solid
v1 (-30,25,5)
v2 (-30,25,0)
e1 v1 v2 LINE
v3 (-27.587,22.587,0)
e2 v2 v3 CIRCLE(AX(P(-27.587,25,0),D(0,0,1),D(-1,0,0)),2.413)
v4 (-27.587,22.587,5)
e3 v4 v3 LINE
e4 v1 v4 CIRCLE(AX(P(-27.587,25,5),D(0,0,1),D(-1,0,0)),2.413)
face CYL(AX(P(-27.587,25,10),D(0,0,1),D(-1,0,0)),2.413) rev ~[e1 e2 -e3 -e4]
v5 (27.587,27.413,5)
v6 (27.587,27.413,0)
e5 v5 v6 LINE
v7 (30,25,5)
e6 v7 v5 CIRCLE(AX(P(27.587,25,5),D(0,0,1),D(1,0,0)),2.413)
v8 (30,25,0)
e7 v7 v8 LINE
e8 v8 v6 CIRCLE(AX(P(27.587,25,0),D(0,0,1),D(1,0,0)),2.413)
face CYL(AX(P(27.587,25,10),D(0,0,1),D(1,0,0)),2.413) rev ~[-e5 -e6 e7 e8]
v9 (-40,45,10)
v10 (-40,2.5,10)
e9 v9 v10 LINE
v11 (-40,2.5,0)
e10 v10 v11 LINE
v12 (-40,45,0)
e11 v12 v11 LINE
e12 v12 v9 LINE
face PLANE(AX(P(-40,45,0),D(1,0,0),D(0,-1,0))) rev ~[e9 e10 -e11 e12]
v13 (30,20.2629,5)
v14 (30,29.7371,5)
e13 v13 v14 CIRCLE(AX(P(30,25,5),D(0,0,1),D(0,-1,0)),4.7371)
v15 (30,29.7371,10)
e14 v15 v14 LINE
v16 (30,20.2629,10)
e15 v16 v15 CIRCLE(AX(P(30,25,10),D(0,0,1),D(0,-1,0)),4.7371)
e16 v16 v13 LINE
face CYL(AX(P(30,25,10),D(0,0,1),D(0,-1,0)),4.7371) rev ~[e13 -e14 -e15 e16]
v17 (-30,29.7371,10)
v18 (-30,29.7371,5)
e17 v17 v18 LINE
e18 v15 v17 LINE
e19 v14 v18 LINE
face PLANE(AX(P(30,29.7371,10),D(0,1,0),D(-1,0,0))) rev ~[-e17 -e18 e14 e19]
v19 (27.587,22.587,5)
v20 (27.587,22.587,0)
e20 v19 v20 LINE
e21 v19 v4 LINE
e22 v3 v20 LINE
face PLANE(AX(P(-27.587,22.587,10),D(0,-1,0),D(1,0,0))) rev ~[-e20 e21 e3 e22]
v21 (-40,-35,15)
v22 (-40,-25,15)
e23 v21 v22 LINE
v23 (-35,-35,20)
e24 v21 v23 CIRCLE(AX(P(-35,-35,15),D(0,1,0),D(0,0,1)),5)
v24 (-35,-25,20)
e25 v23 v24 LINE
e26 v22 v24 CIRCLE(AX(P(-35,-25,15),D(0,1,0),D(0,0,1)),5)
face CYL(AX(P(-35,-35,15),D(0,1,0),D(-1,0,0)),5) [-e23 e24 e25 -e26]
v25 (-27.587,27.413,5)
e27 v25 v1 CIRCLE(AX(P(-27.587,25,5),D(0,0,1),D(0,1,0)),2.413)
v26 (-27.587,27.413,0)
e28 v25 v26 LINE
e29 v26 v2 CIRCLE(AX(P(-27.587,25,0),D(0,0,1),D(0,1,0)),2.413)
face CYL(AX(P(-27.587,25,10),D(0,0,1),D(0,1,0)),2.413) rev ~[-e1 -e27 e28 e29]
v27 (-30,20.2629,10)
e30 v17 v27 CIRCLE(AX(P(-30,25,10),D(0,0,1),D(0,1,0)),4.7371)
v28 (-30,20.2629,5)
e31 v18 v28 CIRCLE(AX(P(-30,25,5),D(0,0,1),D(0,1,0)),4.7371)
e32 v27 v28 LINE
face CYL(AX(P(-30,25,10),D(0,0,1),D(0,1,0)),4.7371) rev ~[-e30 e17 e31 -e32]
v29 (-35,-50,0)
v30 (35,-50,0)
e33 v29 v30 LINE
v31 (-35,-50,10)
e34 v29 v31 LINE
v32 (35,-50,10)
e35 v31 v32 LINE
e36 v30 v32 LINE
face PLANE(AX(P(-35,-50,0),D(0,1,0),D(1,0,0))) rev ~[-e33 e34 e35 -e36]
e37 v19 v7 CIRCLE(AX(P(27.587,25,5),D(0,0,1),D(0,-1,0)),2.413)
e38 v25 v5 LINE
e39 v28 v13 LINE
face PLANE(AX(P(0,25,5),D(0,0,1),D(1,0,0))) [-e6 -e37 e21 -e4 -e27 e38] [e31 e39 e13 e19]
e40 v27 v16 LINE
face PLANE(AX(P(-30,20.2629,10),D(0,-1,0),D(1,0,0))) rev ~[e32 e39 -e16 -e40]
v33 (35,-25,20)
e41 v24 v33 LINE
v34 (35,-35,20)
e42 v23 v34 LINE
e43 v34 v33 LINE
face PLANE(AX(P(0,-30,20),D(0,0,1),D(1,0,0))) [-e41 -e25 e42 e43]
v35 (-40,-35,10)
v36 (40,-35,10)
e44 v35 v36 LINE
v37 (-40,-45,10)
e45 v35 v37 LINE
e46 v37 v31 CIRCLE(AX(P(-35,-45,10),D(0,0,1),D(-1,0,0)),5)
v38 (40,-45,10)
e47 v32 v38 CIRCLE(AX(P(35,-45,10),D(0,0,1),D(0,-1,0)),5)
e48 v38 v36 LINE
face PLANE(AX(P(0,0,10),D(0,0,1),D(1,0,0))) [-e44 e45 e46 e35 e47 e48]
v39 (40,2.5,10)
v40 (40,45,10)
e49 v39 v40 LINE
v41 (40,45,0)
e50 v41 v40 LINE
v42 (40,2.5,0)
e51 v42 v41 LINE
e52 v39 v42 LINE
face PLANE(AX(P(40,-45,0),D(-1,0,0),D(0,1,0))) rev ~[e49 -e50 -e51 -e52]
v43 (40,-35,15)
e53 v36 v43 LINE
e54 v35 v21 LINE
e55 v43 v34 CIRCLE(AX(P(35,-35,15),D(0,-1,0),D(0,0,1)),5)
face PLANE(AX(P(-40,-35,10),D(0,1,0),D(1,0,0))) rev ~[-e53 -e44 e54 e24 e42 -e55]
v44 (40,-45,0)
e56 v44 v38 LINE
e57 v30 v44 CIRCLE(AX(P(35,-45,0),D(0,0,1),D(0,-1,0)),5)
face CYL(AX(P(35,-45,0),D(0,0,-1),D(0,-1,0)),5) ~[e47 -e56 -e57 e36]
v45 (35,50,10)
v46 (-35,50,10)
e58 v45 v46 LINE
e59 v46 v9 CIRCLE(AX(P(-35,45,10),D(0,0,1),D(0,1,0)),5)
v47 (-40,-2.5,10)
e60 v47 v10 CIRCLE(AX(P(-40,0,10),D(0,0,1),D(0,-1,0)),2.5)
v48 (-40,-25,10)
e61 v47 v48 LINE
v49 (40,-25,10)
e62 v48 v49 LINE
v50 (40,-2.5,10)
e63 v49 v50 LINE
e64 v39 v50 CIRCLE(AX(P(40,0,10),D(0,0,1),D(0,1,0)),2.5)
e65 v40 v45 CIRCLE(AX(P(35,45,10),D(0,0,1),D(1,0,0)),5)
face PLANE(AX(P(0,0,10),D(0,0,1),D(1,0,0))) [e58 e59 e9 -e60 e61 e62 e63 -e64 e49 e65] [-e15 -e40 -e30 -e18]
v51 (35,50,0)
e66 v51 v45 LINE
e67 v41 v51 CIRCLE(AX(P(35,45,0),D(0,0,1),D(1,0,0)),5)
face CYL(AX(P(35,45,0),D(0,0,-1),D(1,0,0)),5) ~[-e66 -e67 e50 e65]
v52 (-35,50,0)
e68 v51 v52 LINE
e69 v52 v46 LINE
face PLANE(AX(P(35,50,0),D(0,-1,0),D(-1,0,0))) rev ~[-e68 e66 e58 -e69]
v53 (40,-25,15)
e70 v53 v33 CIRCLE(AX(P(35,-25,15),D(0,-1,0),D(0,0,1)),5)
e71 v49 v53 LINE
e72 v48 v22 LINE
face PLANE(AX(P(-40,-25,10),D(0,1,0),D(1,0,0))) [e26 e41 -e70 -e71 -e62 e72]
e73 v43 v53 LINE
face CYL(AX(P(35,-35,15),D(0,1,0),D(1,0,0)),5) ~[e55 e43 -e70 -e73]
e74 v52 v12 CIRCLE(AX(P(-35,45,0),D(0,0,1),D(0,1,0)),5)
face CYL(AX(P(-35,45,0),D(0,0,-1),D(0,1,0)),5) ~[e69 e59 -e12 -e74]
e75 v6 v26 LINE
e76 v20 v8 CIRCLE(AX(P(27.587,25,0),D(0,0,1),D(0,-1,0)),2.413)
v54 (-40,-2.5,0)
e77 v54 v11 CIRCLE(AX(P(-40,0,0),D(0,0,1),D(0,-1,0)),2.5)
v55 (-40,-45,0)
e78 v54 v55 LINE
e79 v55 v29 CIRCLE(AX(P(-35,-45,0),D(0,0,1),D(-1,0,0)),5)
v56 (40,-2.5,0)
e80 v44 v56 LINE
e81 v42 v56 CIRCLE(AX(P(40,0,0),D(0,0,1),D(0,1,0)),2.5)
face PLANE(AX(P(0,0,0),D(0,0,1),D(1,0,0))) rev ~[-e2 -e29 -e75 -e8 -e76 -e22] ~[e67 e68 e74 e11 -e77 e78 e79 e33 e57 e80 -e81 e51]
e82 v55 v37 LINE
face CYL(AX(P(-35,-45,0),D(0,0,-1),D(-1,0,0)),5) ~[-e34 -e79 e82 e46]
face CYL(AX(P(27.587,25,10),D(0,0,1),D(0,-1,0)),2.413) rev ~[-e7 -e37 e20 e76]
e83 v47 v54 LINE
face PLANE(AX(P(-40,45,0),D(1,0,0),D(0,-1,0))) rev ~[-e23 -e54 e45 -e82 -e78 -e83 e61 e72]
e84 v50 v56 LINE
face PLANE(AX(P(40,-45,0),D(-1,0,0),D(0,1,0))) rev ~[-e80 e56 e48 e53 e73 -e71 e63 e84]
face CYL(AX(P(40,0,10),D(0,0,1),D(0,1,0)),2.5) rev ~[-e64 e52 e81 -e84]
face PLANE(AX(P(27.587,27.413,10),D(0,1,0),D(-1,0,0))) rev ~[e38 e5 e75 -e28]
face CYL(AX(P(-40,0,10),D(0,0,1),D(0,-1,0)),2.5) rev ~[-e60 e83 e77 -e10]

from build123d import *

# Parameters (mm, degrees)
F3_DEPTH  = 10
F4_W      = 80
F4_H      = 10
F5_DEPTH  = 10
F6_R      = 5
F8_DEPTH  = 10
F10_DEPTH = 5
F12_DEPTH = 10


with BuildPart() as f3:
    # F2 (on Top) → F3 (new body)
    with BuildSketch(Plane.XY):
        with BuildLine():
            Line((35, 50), (-35, 50))
            ThreePointArc((-35, 50), (-38.5355339059, 48.5355339059), (-40, 45))
            Line((-40, 45), (-40, -45))
            ThreePointArc((-40, -45), (-38.5355339059, -48.5355339059), (-35, -50))
            Line((-35, -50), (35, -50))
            ThreePointArc((35, -50), (38.5355339059, -48.5355339059), (40, -45))
            Line((40, -45), (40, 45))
            ThreePointArc((40, 45), (38.5355339059, 48.5355339059), (35, 50))
        make_face()
    extrude(amount=F3_DEPTH)

    # F4 (on face) → F5 (join)
    with BuildSketch(Plane.XY.offset(10)):
        with Locations((0, -30)):
            Rectangle(F4_W, F4_H)
    extrude(amount=F5_DEPTH)

    # F6
    f6_edges = [f3.edges().sort_by_distance(p)[0] for p in [
        (40, -30, 20),
        (-40, -30, 20),
    ]]
    fillet(f6_edges, radius=F6_R)

    # F7 (on face) → F8 (cut, through all)
    with BuildSketch(Plane.XY.offset(10)):
        with BuildLine():
            Line((27.587, 27.413), (-27.587, 27.413))
            ThreePointArc((-27.587, 27.413), (-29.293248663, 26.706248663), (-30, 25))
            ThreePointArc((-30, 25), (-29.293248663, 23.293751337), (-27.587, 22.587))
            Line((-27.587, 22.587), (27.587, 22.587))
            ThreePointArc((27.587, 22.587), (29.293248663, 23.293751337), (30, 25))
            ThreePointArc((30, 25), (29.293248663, 26.706248663), (27.587, 27.413))
        make_face()
    extrude(amount=-F8_DEPTH, mode=Mode.SUBTRACT)

    # F9 (on face) → F10 (cut)
    with BuildSketch(Plane.XY.offset(10)):
        with BuildLine():
            Line((30, 29.7371), (-30, 29.7371))
            ThreePointArc((-30, 29.7371), (-34.7371, 25), (-30, 20.2629))
            Line((-30, 20.2629), (30, 20.2629))
            ThreePointArc((30, 20.2629), (34.7371, 25), (30, 29.7371))
        make_face()
    extrude(amount=-F10_DEPTH, mode=Mode.SUBTRACT)

    # F11 (on face) → F12 (cut, through all)
    with BuildSketch(Plane.XY.offset(10)):
        with BuildLine():
            ThreePointArc((-40, -2.5), (-37.5, 0), (-40, 2.5))
            Line((-40, 2.5), (-40, -2.5))
        make_face()
        with BuildLine():
            Line((40, -2.5), (40, 2.5))
            ThreePointArc((40, 2.5), (37.5, 0), (40, -2.5))
        make_face()
    extrude(amount=-F12_DEPTH, mode=Mode.SUBTRACT)


solid = f3.part
